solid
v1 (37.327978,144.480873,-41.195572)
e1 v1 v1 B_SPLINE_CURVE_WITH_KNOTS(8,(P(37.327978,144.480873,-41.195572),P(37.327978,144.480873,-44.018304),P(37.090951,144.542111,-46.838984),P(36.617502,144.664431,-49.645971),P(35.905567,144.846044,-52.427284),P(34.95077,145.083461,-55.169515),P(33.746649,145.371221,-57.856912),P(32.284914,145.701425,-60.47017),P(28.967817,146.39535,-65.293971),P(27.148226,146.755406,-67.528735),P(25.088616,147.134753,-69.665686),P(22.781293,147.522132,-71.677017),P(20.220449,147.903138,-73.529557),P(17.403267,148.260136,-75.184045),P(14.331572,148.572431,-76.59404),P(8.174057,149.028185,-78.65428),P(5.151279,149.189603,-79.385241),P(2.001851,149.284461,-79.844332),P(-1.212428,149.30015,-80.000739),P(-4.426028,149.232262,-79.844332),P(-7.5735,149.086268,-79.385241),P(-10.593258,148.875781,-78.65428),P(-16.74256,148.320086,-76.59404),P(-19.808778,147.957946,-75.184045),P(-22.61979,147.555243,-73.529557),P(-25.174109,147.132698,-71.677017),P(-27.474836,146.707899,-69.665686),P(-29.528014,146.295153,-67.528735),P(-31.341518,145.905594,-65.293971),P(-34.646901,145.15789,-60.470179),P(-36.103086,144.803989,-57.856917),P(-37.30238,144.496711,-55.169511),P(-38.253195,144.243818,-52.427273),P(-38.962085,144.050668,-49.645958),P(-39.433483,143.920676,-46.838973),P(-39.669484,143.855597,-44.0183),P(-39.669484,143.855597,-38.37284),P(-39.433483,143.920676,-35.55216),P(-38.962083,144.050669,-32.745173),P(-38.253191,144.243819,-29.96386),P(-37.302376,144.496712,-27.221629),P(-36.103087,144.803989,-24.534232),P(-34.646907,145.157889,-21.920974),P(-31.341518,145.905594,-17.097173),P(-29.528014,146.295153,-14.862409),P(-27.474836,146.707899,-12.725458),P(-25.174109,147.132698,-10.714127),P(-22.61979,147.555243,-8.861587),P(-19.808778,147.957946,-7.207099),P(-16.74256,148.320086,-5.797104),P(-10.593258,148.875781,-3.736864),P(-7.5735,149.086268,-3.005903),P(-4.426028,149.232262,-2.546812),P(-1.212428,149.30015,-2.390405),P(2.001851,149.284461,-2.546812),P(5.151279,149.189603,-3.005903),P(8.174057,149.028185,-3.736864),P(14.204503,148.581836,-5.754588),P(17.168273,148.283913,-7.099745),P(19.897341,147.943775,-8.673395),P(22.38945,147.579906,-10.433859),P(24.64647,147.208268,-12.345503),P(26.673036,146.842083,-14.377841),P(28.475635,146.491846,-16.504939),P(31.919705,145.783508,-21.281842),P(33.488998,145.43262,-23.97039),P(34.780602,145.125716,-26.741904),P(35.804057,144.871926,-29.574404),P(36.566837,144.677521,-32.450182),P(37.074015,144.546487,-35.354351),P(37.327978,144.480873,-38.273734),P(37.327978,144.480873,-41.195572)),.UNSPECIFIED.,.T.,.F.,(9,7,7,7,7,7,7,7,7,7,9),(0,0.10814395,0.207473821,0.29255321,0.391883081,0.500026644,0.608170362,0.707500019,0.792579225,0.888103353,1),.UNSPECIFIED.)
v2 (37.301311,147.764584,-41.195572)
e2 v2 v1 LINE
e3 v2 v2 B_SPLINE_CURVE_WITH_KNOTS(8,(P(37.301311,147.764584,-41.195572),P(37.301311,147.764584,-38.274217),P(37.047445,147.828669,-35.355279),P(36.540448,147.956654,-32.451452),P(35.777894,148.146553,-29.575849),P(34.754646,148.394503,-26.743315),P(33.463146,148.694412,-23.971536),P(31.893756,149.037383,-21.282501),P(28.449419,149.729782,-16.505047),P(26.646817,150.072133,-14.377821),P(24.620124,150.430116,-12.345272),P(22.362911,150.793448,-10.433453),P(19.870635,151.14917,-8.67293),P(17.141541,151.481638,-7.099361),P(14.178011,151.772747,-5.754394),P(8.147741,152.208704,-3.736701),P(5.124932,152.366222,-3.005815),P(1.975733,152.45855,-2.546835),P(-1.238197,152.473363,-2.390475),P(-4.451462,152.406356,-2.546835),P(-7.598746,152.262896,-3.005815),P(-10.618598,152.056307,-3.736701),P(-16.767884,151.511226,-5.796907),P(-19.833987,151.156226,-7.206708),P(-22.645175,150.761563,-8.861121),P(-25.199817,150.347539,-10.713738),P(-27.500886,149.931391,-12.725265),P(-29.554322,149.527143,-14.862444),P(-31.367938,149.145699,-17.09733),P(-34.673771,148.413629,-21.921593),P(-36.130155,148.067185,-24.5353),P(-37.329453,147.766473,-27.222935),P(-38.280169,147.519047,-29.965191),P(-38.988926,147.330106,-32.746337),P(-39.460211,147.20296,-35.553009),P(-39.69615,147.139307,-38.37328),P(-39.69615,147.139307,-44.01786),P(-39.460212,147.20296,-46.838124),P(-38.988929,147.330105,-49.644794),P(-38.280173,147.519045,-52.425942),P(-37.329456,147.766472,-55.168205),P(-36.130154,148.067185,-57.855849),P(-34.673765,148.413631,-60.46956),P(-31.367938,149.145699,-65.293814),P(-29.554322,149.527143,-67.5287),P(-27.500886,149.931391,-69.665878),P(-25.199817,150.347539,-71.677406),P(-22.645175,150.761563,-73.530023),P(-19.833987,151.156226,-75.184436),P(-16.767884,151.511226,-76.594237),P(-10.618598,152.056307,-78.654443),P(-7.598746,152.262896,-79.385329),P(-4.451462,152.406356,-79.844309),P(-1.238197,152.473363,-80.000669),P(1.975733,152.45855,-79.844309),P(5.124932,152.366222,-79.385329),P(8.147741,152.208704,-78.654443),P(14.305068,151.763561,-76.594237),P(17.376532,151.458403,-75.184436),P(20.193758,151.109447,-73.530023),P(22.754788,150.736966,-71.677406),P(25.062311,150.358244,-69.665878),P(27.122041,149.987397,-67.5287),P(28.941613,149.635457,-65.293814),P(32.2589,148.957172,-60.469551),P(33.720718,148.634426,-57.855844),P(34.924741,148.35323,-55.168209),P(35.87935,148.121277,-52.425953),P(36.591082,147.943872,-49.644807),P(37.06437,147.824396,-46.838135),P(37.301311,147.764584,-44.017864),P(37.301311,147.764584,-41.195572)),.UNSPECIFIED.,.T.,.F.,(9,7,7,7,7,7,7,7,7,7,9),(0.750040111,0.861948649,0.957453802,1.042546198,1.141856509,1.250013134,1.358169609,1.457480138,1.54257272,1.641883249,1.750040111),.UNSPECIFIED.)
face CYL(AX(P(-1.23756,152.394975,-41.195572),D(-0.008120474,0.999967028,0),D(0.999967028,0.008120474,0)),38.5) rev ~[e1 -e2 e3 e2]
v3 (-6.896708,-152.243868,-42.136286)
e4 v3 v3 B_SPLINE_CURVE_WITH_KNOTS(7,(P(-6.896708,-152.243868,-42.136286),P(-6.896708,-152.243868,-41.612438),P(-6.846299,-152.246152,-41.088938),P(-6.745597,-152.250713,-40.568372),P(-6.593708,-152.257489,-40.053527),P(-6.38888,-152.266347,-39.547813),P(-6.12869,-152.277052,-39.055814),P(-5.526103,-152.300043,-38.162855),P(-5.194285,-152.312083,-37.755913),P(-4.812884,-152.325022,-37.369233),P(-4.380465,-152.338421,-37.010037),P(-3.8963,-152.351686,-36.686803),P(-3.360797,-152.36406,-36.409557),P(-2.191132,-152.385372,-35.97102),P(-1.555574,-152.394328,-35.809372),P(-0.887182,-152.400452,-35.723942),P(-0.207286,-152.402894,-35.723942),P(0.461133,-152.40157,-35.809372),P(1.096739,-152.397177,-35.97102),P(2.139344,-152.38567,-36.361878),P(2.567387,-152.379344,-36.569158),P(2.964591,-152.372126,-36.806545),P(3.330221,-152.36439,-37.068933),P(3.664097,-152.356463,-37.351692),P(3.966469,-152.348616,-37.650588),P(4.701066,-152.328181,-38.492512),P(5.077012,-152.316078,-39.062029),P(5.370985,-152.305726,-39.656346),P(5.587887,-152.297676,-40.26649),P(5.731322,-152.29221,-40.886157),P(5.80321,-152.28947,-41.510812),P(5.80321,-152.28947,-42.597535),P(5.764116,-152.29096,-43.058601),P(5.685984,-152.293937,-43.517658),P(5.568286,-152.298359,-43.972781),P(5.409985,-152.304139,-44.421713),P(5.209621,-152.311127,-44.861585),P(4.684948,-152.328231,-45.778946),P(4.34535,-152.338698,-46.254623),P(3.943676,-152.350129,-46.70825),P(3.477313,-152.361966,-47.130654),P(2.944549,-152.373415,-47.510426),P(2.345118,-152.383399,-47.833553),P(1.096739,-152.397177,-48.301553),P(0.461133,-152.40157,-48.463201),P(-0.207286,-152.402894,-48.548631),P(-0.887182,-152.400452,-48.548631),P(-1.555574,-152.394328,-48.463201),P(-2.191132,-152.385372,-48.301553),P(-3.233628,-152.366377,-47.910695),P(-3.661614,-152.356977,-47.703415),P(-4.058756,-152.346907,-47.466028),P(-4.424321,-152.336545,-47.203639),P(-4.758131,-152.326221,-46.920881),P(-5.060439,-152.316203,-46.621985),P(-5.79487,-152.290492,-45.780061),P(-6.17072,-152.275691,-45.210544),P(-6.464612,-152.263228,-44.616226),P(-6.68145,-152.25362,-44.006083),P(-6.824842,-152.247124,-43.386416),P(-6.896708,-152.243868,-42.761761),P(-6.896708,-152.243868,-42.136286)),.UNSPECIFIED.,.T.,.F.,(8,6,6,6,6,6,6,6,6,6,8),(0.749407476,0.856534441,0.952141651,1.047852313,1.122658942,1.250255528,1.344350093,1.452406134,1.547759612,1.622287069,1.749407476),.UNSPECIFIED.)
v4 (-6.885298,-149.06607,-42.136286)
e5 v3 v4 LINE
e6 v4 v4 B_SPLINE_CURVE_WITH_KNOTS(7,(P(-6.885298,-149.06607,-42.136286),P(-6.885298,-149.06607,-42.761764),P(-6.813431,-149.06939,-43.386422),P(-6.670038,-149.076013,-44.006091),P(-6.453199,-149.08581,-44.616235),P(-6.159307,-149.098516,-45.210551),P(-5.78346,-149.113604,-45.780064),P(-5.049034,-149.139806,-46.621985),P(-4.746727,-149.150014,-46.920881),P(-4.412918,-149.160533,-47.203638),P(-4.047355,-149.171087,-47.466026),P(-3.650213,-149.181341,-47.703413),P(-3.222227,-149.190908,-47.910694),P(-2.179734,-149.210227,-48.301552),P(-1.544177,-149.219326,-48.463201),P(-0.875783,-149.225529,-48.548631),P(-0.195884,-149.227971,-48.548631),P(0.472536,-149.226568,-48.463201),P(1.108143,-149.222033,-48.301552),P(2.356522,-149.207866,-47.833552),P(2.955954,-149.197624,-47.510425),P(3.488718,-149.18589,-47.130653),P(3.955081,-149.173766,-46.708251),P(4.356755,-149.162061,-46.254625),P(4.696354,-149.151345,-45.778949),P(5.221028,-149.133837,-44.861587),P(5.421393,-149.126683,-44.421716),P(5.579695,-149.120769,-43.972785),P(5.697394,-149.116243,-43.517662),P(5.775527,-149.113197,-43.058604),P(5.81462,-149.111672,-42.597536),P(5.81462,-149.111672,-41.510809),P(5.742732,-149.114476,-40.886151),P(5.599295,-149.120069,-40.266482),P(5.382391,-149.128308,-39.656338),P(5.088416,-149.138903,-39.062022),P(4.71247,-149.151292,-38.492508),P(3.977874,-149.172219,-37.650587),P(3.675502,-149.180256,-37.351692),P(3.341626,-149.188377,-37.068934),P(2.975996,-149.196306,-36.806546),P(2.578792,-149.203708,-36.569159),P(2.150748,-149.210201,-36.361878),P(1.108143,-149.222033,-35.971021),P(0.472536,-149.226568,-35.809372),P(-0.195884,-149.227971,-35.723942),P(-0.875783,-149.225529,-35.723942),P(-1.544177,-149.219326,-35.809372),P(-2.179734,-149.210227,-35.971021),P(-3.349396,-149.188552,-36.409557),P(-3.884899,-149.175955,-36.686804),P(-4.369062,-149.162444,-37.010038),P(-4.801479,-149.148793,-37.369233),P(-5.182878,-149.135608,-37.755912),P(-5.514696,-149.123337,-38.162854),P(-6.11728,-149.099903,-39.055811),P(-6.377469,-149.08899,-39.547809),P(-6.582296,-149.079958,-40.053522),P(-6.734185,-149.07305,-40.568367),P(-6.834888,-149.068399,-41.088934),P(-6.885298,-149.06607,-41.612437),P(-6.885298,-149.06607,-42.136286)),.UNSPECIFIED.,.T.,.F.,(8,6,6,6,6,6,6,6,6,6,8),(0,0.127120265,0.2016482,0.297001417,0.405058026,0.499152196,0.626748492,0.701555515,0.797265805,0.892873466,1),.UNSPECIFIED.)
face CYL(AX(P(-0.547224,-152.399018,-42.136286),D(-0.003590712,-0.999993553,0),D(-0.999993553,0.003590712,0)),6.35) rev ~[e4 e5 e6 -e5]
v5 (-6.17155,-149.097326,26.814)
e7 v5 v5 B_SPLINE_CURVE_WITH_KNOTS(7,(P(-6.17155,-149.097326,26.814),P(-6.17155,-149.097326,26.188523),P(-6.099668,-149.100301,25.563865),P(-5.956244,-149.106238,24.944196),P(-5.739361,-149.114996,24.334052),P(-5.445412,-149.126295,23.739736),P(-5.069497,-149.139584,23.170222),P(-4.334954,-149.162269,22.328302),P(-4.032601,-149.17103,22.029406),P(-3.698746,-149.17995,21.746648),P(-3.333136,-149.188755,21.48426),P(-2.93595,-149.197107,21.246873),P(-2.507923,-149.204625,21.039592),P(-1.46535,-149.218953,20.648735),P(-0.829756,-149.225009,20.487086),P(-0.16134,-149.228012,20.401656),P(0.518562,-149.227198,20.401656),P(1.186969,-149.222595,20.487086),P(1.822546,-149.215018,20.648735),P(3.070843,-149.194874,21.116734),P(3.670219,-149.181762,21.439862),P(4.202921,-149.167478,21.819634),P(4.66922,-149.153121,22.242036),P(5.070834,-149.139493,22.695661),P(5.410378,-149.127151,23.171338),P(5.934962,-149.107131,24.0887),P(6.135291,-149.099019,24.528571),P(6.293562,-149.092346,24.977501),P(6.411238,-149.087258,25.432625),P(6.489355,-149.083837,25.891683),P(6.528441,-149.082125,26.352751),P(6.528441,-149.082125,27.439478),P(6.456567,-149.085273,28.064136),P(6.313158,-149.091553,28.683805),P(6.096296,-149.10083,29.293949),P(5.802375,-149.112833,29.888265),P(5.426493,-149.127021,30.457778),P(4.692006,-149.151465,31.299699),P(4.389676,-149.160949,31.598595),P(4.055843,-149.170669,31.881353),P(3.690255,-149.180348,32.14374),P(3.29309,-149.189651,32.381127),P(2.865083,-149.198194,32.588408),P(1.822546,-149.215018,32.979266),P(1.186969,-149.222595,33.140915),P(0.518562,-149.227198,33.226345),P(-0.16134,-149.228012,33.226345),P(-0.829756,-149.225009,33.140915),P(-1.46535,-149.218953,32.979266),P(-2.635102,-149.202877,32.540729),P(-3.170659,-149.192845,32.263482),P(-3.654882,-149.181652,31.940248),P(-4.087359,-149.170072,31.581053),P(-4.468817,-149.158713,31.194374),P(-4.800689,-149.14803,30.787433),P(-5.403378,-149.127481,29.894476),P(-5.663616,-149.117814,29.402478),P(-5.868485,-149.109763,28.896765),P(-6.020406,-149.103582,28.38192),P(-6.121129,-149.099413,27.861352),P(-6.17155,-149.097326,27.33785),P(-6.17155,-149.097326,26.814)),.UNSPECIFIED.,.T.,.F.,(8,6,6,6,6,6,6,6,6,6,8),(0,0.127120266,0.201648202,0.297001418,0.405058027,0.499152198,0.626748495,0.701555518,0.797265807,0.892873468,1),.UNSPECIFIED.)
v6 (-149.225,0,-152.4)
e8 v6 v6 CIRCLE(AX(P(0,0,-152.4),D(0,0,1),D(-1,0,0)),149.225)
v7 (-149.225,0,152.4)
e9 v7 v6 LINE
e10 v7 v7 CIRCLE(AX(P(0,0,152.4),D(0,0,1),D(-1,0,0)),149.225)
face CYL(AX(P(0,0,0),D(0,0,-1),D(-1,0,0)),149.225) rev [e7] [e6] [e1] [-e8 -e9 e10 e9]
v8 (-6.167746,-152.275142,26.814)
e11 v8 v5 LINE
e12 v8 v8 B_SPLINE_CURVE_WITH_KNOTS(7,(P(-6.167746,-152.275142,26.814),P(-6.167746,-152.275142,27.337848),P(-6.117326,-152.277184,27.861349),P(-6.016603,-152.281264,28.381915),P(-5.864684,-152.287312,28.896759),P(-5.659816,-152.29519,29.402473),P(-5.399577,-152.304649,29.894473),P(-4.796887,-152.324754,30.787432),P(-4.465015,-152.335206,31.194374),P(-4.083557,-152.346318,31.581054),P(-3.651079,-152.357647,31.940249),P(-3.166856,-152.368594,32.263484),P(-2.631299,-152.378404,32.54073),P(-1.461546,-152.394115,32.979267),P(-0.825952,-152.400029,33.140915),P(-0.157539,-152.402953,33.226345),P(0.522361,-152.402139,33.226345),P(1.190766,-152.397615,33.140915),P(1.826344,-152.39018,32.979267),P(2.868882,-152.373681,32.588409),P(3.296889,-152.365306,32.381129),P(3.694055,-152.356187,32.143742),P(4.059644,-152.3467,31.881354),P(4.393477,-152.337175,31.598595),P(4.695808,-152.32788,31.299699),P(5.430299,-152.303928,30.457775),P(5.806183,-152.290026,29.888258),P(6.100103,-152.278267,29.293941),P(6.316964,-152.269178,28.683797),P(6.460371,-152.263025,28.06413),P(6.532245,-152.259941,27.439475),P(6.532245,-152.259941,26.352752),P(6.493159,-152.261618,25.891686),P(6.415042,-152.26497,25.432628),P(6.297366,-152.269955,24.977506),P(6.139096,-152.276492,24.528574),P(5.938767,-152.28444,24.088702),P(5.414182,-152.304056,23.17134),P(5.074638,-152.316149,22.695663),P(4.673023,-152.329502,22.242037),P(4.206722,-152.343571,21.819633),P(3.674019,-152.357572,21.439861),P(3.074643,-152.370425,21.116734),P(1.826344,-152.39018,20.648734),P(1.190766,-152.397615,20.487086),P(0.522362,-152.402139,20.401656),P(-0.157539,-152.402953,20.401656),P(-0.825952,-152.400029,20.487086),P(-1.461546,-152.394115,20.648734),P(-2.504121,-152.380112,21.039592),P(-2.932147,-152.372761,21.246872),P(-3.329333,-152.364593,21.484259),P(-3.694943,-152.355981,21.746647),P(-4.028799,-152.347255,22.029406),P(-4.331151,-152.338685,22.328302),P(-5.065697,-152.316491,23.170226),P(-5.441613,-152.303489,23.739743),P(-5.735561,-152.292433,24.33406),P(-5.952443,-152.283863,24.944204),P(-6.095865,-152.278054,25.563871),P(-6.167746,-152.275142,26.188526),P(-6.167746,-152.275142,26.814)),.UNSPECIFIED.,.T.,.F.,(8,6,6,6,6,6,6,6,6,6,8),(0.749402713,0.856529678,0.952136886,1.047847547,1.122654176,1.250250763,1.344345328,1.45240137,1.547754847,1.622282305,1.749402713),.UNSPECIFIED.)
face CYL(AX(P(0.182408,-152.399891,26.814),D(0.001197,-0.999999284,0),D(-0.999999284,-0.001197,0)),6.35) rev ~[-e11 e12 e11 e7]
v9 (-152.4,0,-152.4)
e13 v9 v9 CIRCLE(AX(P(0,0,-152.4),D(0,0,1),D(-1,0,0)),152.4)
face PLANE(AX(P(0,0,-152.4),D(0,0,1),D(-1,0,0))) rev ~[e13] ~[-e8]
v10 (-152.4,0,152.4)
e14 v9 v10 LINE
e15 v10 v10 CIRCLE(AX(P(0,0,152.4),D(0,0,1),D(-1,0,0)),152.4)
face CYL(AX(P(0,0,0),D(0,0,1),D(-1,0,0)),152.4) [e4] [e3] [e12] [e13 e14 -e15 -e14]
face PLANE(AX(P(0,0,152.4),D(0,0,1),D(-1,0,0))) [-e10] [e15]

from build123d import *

# Parameters (mm, degrees)
SKETCH3_R                                = 152.4
SKETCH3_R_2                              = 149.225
BOSS_EXTRUDE1_DEPTH                      = 152.4
F_1_0MM_DOWEL_HOLE1_REACH                = 394.408
F_1_0MM_DOWEL_HOLE1_BORE_R               = 38.5
F_1_2_0_5_DIAMETER_HOLE1_REACH           = 394.606
F_1_2_0_5_DIAMETER_HOLE1_BORE_R          = 6.35
F_1_2_0_5_DIAMETER_HOLE1_ON_FACE_2_REACH = 387.1
F_1_2_0_5_DIAMETER_HOLE1_BORE_2_R        = 6.35


with BuildPart() as part:
    # Sketch3 → Boss-Extrude1 (new, symmetric)
    with BuildSketch(Plane.XY):
        with Locations(Location((0, 0, 0), (0, 0, 180))):
            Circle(SKETCH3_R)
        with Locations(Location((0, 0, 0), (0, 0, 180))):
            Circle(SKETCH3_R_2, mode=Mode.SUBTRACT)
    extrude(amount=BOSS_EXTRUDE1_DEPTH, both=True)

    # Ø1.0mm Dowel Hole1 bore (on position points) → Ø1.0mm Dowel Hole1 (cut, up to next)
    with BuildSketch(Plane(origin=(-1.237560308, 152.394975129, -41.195571985), x_dir=(0.999967028404, 0.008120474463, 0), z_dir=(-0.008120474463, 0.999967028404, 0)), mode=Mode.PRIVATE) as f_1_0mm_dowel_hole1_sk1:
        Circle(F_1_0MM_DOWEL_HOLE1_BORE_R)
    f_1_0mm_dowel_hole1_tool1 = extrude(f_1_0mm_dowel_hole1_sk1.sketch, amount=-F_1_0MM_DOWEL_HOLE1_REACH, mode=Mode.PRIVATE) & part.part
    add(f_1_0mm_dowel_hole1_tool1.solids().sort_by_distance((-1.23756, 152.394975, -41.195572))[0], mode=Mode.SUBTRACT)

    # 1/2 (0.5) Diameter Hole1 bore (on position points) → 1/2 (0.5) Diameter Hole1 (cut, up to next)
    with BuildSketch(Plane(origin=(-0.547224497, -152.399017534, -42.136286286), x_dir=(-0.999993553373, 0.003590711924, 0), z_dir=(-0.003590711924, -0.999993553373, 0)), mode=Mode.PRIVATE) as f_1_2_0_5_diameter_hole1_sk1:
        Circle(F_1_2_0_5_DIAMETER_HOLE1_BORE_R)
    f_1_2_0_5_diameter_hole1_tool1 = extrude(f_1_2_0_5_diameter_hole1_sk1.sketch, amount=-F_1_2_0_5_DIAMETER_HOLE1_REACH, mode=Mode.PRIVATE) & part.part
    add(f_1_2_0_5_diameter_hole1_tool1.solids().sort_by_distance((-0.547224, -152.399018, -42.136286))[0], mode=Mode.SUBTRACT)

    # 1/2 (0.5) Diameter Hole1 bore 2 (on position points) → 1/2 (0.5) Diameter Hole1 on face 2 (cut, up to next)
    with BuildSketch(Plane(origin=(0.182408166, -152.399890837, 26.814000364), x_dir=(-0.999999283595, -0.001197000339, 0), z_dir=(0.001197000339, -0.999999283595, 0)), mode=Mode.PRIVATE) as f_1_2_0_5_diameter_hole1_on_face_2_sk1:
        Circle(F_1_2_0_5_DIAMETER_HOLE1_BORE_2_R)
    f_1_2_0_5_diameter_hole1_on_face_2_tool1 = extrude(f_1_2_0_5_diameter_hole1_on_face_2_sk1.sketch, amount=-F_1_2_0_5_DIAMETER_HOLE1_ON_FACE_2_REACH, mode=Mode.PRIVATE) & part.part
    add(f_1_2_0_5_diameter_hole1_on_face_2_tool1.solids().sort_by_distance((0.182408, -152.399891, 26.814))[0], mode=Mode.SUBTRACT)


solid = part.part
